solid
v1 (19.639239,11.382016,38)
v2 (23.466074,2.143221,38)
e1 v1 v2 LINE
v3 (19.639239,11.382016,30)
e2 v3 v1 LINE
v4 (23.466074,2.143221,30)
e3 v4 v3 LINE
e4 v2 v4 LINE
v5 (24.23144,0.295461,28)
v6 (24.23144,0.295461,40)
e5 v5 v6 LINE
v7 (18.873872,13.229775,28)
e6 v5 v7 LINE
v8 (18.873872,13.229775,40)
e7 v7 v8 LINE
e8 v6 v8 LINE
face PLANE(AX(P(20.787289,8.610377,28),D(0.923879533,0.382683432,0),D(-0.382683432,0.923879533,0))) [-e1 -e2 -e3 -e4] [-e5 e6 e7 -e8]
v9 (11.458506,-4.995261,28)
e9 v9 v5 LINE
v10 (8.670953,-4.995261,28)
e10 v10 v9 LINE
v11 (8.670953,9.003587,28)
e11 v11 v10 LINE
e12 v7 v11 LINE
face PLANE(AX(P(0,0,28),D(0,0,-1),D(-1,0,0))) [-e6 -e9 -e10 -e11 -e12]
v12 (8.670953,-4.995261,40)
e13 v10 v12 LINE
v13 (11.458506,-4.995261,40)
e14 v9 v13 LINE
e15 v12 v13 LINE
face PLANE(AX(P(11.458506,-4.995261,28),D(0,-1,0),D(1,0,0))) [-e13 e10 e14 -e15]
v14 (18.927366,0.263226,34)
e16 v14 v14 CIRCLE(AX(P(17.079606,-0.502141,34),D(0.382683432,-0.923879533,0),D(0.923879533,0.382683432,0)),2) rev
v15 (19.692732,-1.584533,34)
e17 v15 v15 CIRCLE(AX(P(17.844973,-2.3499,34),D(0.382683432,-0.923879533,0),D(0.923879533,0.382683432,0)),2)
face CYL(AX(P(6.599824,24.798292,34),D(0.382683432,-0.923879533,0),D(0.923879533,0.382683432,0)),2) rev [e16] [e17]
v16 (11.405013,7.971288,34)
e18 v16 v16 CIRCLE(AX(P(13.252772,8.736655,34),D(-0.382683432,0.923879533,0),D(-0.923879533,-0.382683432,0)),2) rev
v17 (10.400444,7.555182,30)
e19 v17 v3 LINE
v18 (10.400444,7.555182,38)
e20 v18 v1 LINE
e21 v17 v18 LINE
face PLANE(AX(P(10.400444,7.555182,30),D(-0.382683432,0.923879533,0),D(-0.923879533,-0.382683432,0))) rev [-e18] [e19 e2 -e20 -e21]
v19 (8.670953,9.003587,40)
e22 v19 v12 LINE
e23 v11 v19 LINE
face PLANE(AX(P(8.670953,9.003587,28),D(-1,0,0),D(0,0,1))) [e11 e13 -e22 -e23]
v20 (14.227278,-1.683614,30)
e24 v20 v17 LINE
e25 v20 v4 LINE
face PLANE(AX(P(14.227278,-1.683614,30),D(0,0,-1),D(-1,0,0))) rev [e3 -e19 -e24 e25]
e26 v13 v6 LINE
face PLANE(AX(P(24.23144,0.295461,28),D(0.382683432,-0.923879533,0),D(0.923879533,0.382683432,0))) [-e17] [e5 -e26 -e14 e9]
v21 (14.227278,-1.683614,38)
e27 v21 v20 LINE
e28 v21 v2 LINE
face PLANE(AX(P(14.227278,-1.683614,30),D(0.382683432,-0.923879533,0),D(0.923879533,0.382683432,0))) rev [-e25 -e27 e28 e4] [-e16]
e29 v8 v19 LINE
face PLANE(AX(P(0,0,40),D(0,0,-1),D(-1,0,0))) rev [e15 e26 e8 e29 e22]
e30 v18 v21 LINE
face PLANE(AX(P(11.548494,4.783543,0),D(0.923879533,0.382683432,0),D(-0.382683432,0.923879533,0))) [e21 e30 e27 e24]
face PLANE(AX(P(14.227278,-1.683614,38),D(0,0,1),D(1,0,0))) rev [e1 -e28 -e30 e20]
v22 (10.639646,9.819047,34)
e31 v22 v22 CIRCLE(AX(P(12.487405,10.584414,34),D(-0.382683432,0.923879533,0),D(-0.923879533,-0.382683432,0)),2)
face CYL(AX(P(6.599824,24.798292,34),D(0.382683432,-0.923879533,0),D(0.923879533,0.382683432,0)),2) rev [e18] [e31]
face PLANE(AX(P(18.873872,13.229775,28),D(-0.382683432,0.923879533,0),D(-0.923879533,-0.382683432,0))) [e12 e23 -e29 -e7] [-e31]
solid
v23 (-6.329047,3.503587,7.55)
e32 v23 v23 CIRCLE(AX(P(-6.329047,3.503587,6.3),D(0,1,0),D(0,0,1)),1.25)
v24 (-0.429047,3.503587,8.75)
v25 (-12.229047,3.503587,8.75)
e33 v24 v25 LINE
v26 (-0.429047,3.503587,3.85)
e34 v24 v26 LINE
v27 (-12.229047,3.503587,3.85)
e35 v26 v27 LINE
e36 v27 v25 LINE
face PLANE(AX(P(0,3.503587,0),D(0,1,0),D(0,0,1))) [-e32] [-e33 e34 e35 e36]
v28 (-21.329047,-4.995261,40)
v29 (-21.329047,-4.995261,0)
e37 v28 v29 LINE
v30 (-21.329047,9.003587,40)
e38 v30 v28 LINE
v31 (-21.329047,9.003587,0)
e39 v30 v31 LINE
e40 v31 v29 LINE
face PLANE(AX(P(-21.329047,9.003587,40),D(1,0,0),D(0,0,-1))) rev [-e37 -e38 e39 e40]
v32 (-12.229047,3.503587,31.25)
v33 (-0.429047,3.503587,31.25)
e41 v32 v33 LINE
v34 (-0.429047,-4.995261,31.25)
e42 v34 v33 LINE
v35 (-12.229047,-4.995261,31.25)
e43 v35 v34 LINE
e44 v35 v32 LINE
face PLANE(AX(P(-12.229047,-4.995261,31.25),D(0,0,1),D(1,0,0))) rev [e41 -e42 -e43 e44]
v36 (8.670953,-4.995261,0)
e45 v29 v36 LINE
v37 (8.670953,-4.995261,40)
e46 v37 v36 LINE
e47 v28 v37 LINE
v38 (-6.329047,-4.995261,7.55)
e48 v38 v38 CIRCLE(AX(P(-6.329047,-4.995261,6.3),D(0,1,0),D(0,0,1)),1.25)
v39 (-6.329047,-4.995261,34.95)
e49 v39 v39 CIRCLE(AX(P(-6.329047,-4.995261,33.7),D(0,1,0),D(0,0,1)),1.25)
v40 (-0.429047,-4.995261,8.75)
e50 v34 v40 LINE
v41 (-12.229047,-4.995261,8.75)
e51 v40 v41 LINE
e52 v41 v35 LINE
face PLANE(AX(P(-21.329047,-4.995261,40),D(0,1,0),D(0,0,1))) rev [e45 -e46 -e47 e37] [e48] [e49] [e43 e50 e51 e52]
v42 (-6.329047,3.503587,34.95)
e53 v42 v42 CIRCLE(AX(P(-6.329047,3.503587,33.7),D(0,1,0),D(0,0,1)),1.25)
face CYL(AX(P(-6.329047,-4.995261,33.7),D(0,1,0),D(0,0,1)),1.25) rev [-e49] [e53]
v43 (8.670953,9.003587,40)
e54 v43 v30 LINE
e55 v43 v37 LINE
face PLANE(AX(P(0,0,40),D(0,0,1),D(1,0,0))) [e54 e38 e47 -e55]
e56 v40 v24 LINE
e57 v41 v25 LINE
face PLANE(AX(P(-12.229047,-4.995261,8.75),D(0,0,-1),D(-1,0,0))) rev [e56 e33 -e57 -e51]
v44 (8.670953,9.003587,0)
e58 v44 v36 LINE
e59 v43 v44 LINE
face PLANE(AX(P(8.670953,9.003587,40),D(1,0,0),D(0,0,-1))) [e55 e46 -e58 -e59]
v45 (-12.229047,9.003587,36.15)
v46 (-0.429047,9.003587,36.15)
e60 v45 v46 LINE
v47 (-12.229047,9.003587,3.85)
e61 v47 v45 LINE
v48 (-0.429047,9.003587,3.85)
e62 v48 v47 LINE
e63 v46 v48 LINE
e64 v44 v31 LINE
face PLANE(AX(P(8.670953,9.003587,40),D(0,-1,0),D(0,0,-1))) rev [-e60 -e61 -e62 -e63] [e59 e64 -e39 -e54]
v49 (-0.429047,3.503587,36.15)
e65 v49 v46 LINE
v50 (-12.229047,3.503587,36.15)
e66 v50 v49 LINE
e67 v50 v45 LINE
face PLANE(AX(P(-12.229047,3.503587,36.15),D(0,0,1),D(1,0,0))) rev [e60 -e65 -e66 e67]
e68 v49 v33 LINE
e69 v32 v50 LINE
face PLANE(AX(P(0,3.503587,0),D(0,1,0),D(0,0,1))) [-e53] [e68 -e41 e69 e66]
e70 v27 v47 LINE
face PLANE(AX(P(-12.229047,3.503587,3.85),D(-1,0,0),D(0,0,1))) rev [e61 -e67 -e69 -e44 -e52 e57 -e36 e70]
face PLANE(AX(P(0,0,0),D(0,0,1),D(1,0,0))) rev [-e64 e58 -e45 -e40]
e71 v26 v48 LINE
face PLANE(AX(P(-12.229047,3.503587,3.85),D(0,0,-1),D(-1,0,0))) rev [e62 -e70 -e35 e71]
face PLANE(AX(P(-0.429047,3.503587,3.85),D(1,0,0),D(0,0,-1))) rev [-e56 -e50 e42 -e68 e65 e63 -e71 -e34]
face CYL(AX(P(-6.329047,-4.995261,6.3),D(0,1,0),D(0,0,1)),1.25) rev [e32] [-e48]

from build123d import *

# Parameters (mm, degrees)
BOSS_EXTRUDE1_DEPTH = 40
SKETCH4_W           = 11.8
SKETCH4_H           = 32.3
CUT_EXTRUDE1_DEPTH  = 5.5
SKETCH5_W           = 11.8
SKETCH5_H           = 22.5
CUT_EXTRUDE2_DEPTH  = 9.498848241
SKETCH6_R           = 1.25
CUT_EXTRUDE3_DEPTH  = 9.498848241
BOSS_EXTRUDE2_DEPTH = 12
SKETCH8_R           = 2
CUT_EXTRUDE4_DEPTH  = 30.384991323
SKETCH9_W           = 8
SKETCH9_H           = 10
CUT_EXTRUDE5_DEPTH  = 10


with BuildPart() as part:
    # Sketch1 → Boss-Extrude1 (new body)
    with BuildSketch(Plane.XY):
        Polygon((8.670952565, 9.003587153), (-11.329047435, 9.003587153), (-21.329047435, 9.003587153), (-21.329047435, -4.995261088), (-11.329047435, -4.995261088), (8.670952565, -4.995261088), align=None)
    extrude(amount=BOSS_EXTRUDE1_DEPTH)

    # Sketch4 → Cut-Extrude1 (cut)
    with BuildSketch(Plane(origin=(0, 9.003587153, 0), x_dir=(1, 0, 0), z_dir=(0, 1, 0))):
        with Locations((-6.329047435, -20)):
            Rectangle(SKETCH4_W, SKETCH4_H)
    extrude(amount=-CUT_EXTRUDE1_DEPTH, mode=Mode.SUBTRACT)

    # Sketch5 → Cut-Extrude2 (cut, through all)
    with BuildSketch(Plane(origin=(0, 3.503587153, 0), x_dir=(1, 0, 0), z_dir=(0, 1, 0))):
        with Locations((-6.329047435, -20)):
            Rectangle(SKETCH5_W, SKETCH5_H)
    extrude(amount=-CUT_EXTRUDE2_DEPTH, mode=Mode.SUBTRACT)

    # Sketch6 → Cut-Extrude3 (cut, through all)
    with BuildSketch(Plane(origin=(0, 3.503587153, 0), x_dir=(1, 0, 0), z_dir=(0, 1, 0))):
        with Locations((-6.329047435, -6.3)):
            Circle(SKETCH6_R)
        with Locations((-6.329047435, -33.7)):
            Circle(SKETCH6_R)
    extrude(amount=-CUT_EXTRUDE3_DEPTH, mode=Mode.SUBTRACT)


with BuildPart() as body_2:
    # Sketch7 → Boss-Extrude2 (new body)
    with BuildSketch(Plane.XY.offset(40)):
        Polygon((20.787289482, 8.610377228), (18.87387232, 13.229774891), (8.670952565, 9.003587153), (8.670952565, -4.995261088), (11.458506302, -4.995261088), (24.231440373, 0.295461436), align=None)
    extrude(amount=-BOSS_EXTRUDE2_DEPTH)

    # Sketch8 → Cut-Extrude4 (cut, through all)
    with BuildSketch(Plane(origin=(3.444150891, -8.314915793, 0), x_dir=(0.923879533, 0.382683432, 0), z_dir=(0.382683432, -0.923879533, 0))):
        with Locations((15.587337893, 34)):
            Circle(SKETCH8_R)
    extrude(amount=-CUT_EXTRUDE4_DEPTH, mode=Mode.SUBTRACT)

    # Sketch9 → Cut-Extrude5 (cut)
    with BuildSketch(Plane(origin=(20.787289482, 8.610377228, 0), x_dir=(0, 0, -1), z_dir=(0.923879533, 0.382683432, 0))):
        with Locations((-34, -2)):
            Rectangle(SKETCH9_W, SKETCH9_H)
    extrude(amount=-CUT_EXTRUDE5_DEPTH, mode=Mode.SUBTRACT)


solid = Compound([part.part, body_2.part])
